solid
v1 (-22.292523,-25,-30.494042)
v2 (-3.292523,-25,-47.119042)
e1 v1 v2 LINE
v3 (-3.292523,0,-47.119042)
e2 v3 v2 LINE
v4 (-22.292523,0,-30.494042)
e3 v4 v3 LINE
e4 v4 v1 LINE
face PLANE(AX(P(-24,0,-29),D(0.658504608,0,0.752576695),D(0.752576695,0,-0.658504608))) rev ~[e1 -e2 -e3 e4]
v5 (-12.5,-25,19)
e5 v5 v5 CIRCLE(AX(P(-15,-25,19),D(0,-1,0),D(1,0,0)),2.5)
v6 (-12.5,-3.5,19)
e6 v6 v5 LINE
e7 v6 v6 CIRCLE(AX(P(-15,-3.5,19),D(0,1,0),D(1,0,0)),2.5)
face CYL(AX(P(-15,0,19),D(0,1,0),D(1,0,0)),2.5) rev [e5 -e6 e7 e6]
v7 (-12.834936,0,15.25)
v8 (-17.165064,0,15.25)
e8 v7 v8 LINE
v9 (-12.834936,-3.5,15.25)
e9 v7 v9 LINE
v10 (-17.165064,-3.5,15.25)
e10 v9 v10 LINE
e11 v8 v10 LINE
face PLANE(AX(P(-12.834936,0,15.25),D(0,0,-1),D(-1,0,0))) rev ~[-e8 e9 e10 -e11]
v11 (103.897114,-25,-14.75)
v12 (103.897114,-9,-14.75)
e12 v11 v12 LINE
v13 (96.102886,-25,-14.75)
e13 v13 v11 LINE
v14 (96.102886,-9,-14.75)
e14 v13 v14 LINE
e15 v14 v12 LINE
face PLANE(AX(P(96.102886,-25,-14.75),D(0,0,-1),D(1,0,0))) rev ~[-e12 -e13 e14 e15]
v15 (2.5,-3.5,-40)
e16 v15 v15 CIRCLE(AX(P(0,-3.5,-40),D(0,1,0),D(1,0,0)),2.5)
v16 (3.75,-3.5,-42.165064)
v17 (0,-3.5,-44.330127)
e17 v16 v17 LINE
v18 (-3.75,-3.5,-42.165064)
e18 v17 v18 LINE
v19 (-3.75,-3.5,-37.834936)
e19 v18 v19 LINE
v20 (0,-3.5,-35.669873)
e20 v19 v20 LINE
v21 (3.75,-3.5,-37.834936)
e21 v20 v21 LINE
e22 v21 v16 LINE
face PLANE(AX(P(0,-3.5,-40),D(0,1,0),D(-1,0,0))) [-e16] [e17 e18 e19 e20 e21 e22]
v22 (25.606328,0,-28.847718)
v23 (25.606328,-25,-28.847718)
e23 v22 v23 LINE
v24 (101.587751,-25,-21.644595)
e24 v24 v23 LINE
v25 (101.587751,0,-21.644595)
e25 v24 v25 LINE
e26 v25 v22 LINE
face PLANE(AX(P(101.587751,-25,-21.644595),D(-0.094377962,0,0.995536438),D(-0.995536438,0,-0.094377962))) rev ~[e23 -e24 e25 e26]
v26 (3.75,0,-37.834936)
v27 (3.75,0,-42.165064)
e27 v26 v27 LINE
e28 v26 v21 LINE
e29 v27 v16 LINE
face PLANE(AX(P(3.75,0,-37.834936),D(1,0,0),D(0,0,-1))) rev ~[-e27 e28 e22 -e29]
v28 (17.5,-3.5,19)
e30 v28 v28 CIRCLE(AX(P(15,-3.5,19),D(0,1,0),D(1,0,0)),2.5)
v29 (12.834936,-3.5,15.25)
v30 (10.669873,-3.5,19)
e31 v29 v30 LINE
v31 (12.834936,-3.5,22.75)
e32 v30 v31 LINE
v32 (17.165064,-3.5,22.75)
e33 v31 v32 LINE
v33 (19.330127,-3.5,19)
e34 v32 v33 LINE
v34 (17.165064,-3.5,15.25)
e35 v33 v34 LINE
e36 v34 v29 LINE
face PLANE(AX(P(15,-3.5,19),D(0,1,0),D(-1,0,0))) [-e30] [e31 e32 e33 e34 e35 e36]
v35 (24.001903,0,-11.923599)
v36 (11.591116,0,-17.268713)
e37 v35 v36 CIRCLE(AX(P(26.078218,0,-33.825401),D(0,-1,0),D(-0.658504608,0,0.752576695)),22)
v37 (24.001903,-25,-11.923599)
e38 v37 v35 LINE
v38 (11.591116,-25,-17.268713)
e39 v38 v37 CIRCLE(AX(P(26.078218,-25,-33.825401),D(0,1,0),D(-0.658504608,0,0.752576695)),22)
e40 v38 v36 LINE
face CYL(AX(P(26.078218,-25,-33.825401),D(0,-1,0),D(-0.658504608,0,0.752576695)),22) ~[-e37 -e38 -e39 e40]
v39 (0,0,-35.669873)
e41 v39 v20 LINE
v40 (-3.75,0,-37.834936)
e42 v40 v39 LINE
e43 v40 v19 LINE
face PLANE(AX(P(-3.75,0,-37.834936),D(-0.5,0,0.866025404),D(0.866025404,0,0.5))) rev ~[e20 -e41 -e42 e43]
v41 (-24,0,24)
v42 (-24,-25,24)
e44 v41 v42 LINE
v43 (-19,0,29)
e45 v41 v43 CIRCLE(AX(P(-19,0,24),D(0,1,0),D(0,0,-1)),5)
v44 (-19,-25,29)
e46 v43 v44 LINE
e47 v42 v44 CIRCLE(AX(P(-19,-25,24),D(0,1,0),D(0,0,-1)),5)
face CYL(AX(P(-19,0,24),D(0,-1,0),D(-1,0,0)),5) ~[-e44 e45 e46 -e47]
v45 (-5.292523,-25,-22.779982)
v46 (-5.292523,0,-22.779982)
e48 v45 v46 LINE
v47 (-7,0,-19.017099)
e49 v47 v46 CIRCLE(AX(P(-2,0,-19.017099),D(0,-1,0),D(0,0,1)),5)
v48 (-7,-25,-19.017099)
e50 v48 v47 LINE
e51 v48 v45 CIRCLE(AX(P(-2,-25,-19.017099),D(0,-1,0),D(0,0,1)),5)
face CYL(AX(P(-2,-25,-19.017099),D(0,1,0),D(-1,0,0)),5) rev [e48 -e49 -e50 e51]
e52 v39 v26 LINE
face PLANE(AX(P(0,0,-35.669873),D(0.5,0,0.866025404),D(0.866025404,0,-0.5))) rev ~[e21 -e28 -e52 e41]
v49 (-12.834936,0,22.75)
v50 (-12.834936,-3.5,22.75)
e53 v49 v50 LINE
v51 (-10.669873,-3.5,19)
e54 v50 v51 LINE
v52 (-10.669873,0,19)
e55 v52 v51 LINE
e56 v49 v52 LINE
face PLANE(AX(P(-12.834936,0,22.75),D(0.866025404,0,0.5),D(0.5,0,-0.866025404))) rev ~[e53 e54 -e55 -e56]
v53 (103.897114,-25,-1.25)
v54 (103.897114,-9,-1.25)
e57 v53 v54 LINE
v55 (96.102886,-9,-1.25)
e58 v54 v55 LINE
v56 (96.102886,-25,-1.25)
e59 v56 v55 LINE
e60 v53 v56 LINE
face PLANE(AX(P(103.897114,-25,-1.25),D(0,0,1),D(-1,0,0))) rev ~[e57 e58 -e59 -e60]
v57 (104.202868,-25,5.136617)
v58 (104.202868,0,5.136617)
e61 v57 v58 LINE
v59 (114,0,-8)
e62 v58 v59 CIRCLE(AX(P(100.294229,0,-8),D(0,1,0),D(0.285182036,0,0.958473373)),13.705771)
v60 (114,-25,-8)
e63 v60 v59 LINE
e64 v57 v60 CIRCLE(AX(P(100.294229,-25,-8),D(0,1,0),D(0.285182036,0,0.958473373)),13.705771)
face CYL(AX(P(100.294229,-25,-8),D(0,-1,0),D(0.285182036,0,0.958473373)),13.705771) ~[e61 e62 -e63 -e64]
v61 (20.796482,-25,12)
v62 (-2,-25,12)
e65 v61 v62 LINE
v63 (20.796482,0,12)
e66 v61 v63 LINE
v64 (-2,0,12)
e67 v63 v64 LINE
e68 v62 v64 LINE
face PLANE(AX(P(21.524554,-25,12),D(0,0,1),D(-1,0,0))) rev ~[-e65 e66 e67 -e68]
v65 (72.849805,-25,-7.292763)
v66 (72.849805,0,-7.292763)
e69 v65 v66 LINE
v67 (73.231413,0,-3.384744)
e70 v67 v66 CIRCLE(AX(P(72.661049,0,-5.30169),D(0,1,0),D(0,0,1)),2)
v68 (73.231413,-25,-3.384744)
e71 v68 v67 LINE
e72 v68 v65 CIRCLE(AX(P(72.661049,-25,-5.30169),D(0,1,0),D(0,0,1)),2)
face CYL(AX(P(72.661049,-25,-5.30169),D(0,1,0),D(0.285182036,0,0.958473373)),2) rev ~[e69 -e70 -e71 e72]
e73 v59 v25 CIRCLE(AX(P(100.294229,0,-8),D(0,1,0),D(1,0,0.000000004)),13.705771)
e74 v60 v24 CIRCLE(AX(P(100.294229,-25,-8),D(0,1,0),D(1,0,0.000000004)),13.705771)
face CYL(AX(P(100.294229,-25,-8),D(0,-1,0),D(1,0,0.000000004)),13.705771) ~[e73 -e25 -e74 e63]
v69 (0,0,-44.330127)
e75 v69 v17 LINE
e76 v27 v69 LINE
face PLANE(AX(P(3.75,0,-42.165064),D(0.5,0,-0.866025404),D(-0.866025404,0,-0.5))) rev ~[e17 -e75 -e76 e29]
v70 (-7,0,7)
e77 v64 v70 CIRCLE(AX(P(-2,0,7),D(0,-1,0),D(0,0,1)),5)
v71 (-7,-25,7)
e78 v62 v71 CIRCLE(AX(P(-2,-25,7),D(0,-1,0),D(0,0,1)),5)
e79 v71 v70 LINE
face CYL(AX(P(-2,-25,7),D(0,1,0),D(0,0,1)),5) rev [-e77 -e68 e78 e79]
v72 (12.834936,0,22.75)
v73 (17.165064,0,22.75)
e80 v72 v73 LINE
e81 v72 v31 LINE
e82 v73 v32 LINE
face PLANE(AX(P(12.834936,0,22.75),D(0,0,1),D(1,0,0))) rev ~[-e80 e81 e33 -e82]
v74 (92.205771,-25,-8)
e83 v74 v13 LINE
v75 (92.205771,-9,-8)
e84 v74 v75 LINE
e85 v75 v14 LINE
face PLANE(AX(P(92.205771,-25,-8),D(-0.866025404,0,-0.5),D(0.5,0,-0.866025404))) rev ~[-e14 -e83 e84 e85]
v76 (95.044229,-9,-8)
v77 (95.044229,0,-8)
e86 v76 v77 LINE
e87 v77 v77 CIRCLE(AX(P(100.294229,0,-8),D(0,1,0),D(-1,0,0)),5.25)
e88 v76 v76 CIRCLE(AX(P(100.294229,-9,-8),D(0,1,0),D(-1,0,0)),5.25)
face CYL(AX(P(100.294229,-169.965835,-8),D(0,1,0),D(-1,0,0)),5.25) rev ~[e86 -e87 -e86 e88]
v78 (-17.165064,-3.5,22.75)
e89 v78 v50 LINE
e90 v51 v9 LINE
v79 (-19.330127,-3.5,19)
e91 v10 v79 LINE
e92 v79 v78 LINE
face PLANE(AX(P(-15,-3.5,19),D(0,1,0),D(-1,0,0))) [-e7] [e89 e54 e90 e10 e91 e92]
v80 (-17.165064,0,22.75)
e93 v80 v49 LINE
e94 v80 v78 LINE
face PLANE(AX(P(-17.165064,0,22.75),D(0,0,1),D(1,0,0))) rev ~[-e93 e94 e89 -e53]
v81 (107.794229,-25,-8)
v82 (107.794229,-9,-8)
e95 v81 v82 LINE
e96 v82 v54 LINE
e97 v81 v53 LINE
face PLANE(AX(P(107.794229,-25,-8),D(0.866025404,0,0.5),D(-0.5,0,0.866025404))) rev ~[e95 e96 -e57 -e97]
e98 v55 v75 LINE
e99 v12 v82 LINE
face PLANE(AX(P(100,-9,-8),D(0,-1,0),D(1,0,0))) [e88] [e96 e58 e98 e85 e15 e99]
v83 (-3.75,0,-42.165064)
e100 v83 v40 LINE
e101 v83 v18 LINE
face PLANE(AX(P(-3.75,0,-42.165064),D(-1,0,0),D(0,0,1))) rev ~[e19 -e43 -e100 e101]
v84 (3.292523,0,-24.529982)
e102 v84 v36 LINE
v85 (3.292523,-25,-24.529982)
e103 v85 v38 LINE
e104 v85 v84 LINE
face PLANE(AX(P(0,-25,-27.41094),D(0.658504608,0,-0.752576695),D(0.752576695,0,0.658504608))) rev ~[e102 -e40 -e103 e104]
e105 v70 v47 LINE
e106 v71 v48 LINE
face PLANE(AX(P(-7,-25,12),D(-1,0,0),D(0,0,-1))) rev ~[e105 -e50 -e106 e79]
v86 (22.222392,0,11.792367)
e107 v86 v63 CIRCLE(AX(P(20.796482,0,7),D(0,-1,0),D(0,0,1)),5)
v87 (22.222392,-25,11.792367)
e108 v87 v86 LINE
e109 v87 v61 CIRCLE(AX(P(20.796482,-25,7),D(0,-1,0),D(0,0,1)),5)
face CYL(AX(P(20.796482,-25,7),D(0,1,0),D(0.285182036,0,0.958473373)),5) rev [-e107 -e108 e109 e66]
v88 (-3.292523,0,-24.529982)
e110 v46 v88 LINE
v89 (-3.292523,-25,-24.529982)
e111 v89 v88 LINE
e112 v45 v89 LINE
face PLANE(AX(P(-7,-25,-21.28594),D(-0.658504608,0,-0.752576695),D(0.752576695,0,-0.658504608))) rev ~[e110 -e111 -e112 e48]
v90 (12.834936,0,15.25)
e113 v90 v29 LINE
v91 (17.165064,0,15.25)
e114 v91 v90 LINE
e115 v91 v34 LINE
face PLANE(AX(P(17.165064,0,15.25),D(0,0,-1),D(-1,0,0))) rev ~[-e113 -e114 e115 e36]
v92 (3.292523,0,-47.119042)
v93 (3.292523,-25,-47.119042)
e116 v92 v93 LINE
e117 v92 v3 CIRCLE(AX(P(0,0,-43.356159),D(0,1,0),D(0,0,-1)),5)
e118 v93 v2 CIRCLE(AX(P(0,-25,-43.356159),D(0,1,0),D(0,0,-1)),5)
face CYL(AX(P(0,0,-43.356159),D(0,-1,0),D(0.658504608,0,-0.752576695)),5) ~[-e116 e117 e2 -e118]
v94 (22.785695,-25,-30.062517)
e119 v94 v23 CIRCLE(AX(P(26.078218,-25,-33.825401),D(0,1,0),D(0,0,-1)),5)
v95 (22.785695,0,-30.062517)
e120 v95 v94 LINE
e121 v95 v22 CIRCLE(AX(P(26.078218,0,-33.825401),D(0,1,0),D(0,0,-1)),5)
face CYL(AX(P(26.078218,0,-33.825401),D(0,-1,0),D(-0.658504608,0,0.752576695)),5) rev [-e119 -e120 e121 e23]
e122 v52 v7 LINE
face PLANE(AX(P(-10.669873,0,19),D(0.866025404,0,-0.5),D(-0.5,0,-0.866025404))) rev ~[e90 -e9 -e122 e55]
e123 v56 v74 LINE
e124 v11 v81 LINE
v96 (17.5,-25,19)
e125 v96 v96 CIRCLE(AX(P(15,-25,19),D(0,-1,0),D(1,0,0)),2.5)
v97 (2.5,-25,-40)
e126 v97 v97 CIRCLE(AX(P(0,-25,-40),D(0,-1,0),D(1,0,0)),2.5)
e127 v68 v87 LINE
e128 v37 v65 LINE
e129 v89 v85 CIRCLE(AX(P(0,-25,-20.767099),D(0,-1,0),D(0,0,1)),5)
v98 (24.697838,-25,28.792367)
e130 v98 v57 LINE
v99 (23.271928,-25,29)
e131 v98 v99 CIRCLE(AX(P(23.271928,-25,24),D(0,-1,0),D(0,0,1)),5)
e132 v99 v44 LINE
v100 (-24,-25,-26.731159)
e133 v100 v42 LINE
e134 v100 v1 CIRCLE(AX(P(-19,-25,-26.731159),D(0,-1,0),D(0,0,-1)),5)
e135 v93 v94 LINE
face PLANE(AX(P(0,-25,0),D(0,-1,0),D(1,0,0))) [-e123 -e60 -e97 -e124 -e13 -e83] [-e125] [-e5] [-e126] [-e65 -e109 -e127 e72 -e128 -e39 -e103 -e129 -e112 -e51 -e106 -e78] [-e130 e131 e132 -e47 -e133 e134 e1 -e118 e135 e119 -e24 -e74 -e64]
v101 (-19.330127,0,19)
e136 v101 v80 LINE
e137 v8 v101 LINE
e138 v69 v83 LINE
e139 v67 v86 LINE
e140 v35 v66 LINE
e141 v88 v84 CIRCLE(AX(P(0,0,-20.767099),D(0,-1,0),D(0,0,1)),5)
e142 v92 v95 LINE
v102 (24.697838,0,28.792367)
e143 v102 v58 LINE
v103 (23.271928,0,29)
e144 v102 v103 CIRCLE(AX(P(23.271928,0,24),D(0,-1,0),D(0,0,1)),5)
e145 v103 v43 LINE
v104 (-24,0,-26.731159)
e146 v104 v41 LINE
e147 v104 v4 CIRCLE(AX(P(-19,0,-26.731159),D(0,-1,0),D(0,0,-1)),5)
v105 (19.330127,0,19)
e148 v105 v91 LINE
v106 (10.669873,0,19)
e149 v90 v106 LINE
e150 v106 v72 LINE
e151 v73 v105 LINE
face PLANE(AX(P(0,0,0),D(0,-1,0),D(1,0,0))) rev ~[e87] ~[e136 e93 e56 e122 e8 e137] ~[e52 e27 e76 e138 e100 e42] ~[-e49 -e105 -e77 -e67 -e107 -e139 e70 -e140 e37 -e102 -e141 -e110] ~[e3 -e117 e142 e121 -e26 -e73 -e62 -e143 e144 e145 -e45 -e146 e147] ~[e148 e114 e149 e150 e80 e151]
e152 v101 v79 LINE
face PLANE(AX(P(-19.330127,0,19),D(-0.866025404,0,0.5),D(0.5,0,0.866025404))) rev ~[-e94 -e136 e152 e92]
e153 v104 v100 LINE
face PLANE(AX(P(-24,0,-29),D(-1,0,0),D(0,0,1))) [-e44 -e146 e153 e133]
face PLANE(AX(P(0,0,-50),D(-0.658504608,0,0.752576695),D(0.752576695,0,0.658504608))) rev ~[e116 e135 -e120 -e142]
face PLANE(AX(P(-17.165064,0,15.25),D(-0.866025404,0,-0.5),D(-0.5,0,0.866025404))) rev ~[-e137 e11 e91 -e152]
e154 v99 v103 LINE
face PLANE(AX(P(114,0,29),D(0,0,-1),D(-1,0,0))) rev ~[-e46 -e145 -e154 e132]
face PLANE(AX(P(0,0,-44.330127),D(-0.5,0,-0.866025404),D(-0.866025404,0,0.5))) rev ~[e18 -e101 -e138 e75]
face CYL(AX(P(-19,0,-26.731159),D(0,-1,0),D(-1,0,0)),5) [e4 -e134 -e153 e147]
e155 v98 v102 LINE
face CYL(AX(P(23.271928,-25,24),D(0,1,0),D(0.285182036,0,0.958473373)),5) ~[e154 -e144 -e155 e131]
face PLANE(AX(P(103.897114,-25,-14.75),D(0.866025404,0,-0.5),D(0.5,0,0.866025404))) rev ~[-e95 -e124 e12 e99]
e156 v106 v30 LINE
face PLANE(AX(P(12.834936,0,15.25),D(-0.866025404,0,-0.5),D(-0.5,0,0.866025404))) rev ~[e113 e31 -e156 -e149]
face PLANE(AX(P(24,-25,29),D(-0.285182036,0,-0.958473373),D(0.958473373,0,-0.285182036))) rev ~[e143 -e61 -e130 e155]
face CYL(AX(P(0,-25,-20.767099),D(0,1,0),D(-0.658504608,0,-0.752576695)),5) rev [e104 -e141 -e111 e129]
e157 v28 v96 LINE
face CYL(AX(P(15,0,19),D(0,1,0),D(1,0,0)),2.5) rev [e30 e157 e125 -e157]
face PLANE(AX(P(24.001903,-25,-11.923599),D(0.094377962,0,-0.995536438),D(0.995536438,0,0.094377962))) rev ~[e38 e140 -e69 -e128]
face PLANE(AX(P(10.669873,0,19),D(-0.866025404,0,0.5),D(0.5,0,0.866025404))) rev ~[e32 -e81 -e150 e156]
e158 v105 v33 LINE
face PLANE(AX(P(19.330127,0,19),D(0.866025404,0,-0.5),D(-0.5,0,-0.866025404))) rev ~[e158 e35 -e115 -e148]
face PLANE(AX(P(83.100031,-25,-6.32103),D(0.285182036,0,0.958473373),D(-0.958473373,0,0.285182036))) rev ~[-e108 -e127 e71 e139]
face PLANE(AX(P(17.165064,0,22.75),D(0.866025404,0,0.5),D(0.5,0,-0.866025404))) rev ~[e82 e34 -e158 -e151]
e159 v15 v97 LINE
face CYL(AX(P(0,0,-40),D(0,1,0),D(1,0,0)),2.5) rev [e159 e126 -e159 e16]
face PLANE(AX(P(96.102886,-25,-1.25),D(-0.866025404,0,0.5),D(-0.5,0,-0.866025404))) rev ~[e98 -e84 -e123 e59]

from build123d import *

# Parameters (mm, degrees)
F0_W      = 48
F0_H      = 58
F0_R      = 2.5
F0_W_2    = 90
F1_DEPTH  = 25
F3_DEPTH  = 16
F5_D      = 10.5
F7_DEPTH  = 25
F8_R      = 2.5
F9_DEPTH  = 3.5
F10_R     = 5
F12_DEPTH = 25.001
F13_R     = 5
F14_R     = 2


with BuildPart() as f1:
    # F0 (on Front) → F1 (new body)
    with BuildSketch(Plane.XZ):
        Rectangle(F0_W, F0_H)
        with Locations((-15, 19)):
            Circle(F0_R, mode=Mode.SUBTRACT)
        with Locations((15, 19)):
            Circle(F0_R, mode=Mode.SUBTRACT)
        with Locations((69, 0)):
            Rectangle(F0_W_2, F0_H)
        Polygon((24, -29), (-24, -29), (0, -50), align=None)
        with Locations((0, -40)):
            Circle(F0_R, mode=Mode.SUBTRACT)
    extrude(amount=F1_DEPTH)

    # F2 (on face) → F3 (cut)
    with BuildSketch(Plane.XZ.offset(25)):
        Polygon((96.102885683, -14.75), (103.897114317, -14.75), (107.7942286341, -8), (103.897114317, -1.25), (96.102885683, -1.25), (92.2057713659, -8), align=None)
    extrude(amount=-F3_DEPTH, mode=Mode.SUBTRACT)

    # F5 (through all)
    with Locations(Plane.XZ.offset(9)):
        with Locations((100.2942286341, -8)):
            Hole(F5_D / 2)

    # F6 (on face) → F7 (cut)
    with BuildSketch(Plane.XZ.offset(25)):
        with BuildLine():
            Line((114, 29), (24, 29))
            Line((24, 29), (104.2028684125, 5.1366169092))
            ThreePointArc((104.2028684125, 5.1366169092), (111.2810182281, 0.1938161532), (114, -7.9999999449))
            Line((114, -7.9999999449), (114, 29))
        make_face()
        with BuildLine():
            Line((114, -29), (114, -7.9999999449))
            ThreePointArc((114, -7.9999999449), (110.432692445, -17.222782676), (101.5877514086, -21.6445948114))
            Line((101.5877514086, -21.6445948114), (24, -29))
            Line((24, -29), (114, -29))
        make_face()
    extrude(amount=-F7_DEPTH, mode=Mode.SUBTRACT)

    # F8 (on face) → F9 (cut)
    with BuildSketch(Plane(origin=(0, 0, 0), x_dir=(-1, 0, 0), z_dir=(0, 1, 0))):
        Polygon((12.8349364905, 15.25), (17.1650635095, 15.25), (19.3301270189, 19), (17.1650635095, 22.75), (12.8349364905, 22.75), (10.6698729811, 19), align=None)
        with Locations((15, 19)):
            Circle(F8_R, mode=Mode.SUBTRACT)
        Polygon((-17.1650635095, 15.25), (-12.8349364905, 15.25), (-10.6698729811, 19), (-12.8349364905, 22.75), (-17.1650635095, 22.75), (-19.3301270189, 19), align=None)
        with Locations((-15, 19)):
            Circle(F8_R, mode=Mode.SUBTRACT)
        Polygon((-3.75, -42.1650635095), (0, -44.3301270189), (3.75, -42.1650635095), (3.75, -37.8349364905), (0, -35.6698729811), (-3.75, -37.8349364905), align=None)
        with Locations((0, -40)):
            Circle(F8_R, mode=Mode.SUBTRACT)
    extrude(amount=-F9_DEPTH, mode=Mode.SUBTRACT)

    # F10
    f10_edges = [f1.edges().sort_by_distance(p)[0] for p in [
        (-24, -12.5, 29),
        (24, -12.5, 29),
        (-24, -12.5, -29),
        (0, -12.5, -50),
        (24, -12.5, -29),
    ]]
    fillet(f10_edges, radius=F10_R)

    # F11 (on face) → F12 (cut, through all)
    with BuildSketch(Plane.XZ.offset(25)):
        with BuildLine():
            ThreePointArc((11.5911164871, -17.2687132217), (17.375962187, -13.6196897729), (24.0019026876, -11.9235988601))
            Line((24.0019026876, -11.9235988601), (83.1000312878, -6.3210304927))
            Line((83.1000312878, -6.3210304927), (21.5245542404, 12))
            Line((21.5245542404, 12), (-7, 12))
            Line((-7, 12), (-7, -21.2859401479))
            Line((-7, -21.2859401479), (0, -27.4109401479))
            Line((0, -27.4109401479), (11.5911164871, -17.2687132217))
        make_face()
    extrude(amount=-F12_DEPTH, mode=Mode.SUBTRACT)

    # F13
    f13_edges = [f1.edges().sort_by_distance(p)[0] for p in [
        (-7, -12.5, 12),
        (21.524554, -12.5, 12),
        (0, -12.5, -27.41094),
        (-7, -12.5, -21.28594),
    ]]
    fillet(f13_edges, radius=F13_R)

    # F14
    f14_edges = [f1.edges().sort_by_distance(p)[0] for p in [
        (83.100031, -12.5, -6.32103),
    ]]
    fillet(f14_edges, radius=F14_R)


solid = f1.part
